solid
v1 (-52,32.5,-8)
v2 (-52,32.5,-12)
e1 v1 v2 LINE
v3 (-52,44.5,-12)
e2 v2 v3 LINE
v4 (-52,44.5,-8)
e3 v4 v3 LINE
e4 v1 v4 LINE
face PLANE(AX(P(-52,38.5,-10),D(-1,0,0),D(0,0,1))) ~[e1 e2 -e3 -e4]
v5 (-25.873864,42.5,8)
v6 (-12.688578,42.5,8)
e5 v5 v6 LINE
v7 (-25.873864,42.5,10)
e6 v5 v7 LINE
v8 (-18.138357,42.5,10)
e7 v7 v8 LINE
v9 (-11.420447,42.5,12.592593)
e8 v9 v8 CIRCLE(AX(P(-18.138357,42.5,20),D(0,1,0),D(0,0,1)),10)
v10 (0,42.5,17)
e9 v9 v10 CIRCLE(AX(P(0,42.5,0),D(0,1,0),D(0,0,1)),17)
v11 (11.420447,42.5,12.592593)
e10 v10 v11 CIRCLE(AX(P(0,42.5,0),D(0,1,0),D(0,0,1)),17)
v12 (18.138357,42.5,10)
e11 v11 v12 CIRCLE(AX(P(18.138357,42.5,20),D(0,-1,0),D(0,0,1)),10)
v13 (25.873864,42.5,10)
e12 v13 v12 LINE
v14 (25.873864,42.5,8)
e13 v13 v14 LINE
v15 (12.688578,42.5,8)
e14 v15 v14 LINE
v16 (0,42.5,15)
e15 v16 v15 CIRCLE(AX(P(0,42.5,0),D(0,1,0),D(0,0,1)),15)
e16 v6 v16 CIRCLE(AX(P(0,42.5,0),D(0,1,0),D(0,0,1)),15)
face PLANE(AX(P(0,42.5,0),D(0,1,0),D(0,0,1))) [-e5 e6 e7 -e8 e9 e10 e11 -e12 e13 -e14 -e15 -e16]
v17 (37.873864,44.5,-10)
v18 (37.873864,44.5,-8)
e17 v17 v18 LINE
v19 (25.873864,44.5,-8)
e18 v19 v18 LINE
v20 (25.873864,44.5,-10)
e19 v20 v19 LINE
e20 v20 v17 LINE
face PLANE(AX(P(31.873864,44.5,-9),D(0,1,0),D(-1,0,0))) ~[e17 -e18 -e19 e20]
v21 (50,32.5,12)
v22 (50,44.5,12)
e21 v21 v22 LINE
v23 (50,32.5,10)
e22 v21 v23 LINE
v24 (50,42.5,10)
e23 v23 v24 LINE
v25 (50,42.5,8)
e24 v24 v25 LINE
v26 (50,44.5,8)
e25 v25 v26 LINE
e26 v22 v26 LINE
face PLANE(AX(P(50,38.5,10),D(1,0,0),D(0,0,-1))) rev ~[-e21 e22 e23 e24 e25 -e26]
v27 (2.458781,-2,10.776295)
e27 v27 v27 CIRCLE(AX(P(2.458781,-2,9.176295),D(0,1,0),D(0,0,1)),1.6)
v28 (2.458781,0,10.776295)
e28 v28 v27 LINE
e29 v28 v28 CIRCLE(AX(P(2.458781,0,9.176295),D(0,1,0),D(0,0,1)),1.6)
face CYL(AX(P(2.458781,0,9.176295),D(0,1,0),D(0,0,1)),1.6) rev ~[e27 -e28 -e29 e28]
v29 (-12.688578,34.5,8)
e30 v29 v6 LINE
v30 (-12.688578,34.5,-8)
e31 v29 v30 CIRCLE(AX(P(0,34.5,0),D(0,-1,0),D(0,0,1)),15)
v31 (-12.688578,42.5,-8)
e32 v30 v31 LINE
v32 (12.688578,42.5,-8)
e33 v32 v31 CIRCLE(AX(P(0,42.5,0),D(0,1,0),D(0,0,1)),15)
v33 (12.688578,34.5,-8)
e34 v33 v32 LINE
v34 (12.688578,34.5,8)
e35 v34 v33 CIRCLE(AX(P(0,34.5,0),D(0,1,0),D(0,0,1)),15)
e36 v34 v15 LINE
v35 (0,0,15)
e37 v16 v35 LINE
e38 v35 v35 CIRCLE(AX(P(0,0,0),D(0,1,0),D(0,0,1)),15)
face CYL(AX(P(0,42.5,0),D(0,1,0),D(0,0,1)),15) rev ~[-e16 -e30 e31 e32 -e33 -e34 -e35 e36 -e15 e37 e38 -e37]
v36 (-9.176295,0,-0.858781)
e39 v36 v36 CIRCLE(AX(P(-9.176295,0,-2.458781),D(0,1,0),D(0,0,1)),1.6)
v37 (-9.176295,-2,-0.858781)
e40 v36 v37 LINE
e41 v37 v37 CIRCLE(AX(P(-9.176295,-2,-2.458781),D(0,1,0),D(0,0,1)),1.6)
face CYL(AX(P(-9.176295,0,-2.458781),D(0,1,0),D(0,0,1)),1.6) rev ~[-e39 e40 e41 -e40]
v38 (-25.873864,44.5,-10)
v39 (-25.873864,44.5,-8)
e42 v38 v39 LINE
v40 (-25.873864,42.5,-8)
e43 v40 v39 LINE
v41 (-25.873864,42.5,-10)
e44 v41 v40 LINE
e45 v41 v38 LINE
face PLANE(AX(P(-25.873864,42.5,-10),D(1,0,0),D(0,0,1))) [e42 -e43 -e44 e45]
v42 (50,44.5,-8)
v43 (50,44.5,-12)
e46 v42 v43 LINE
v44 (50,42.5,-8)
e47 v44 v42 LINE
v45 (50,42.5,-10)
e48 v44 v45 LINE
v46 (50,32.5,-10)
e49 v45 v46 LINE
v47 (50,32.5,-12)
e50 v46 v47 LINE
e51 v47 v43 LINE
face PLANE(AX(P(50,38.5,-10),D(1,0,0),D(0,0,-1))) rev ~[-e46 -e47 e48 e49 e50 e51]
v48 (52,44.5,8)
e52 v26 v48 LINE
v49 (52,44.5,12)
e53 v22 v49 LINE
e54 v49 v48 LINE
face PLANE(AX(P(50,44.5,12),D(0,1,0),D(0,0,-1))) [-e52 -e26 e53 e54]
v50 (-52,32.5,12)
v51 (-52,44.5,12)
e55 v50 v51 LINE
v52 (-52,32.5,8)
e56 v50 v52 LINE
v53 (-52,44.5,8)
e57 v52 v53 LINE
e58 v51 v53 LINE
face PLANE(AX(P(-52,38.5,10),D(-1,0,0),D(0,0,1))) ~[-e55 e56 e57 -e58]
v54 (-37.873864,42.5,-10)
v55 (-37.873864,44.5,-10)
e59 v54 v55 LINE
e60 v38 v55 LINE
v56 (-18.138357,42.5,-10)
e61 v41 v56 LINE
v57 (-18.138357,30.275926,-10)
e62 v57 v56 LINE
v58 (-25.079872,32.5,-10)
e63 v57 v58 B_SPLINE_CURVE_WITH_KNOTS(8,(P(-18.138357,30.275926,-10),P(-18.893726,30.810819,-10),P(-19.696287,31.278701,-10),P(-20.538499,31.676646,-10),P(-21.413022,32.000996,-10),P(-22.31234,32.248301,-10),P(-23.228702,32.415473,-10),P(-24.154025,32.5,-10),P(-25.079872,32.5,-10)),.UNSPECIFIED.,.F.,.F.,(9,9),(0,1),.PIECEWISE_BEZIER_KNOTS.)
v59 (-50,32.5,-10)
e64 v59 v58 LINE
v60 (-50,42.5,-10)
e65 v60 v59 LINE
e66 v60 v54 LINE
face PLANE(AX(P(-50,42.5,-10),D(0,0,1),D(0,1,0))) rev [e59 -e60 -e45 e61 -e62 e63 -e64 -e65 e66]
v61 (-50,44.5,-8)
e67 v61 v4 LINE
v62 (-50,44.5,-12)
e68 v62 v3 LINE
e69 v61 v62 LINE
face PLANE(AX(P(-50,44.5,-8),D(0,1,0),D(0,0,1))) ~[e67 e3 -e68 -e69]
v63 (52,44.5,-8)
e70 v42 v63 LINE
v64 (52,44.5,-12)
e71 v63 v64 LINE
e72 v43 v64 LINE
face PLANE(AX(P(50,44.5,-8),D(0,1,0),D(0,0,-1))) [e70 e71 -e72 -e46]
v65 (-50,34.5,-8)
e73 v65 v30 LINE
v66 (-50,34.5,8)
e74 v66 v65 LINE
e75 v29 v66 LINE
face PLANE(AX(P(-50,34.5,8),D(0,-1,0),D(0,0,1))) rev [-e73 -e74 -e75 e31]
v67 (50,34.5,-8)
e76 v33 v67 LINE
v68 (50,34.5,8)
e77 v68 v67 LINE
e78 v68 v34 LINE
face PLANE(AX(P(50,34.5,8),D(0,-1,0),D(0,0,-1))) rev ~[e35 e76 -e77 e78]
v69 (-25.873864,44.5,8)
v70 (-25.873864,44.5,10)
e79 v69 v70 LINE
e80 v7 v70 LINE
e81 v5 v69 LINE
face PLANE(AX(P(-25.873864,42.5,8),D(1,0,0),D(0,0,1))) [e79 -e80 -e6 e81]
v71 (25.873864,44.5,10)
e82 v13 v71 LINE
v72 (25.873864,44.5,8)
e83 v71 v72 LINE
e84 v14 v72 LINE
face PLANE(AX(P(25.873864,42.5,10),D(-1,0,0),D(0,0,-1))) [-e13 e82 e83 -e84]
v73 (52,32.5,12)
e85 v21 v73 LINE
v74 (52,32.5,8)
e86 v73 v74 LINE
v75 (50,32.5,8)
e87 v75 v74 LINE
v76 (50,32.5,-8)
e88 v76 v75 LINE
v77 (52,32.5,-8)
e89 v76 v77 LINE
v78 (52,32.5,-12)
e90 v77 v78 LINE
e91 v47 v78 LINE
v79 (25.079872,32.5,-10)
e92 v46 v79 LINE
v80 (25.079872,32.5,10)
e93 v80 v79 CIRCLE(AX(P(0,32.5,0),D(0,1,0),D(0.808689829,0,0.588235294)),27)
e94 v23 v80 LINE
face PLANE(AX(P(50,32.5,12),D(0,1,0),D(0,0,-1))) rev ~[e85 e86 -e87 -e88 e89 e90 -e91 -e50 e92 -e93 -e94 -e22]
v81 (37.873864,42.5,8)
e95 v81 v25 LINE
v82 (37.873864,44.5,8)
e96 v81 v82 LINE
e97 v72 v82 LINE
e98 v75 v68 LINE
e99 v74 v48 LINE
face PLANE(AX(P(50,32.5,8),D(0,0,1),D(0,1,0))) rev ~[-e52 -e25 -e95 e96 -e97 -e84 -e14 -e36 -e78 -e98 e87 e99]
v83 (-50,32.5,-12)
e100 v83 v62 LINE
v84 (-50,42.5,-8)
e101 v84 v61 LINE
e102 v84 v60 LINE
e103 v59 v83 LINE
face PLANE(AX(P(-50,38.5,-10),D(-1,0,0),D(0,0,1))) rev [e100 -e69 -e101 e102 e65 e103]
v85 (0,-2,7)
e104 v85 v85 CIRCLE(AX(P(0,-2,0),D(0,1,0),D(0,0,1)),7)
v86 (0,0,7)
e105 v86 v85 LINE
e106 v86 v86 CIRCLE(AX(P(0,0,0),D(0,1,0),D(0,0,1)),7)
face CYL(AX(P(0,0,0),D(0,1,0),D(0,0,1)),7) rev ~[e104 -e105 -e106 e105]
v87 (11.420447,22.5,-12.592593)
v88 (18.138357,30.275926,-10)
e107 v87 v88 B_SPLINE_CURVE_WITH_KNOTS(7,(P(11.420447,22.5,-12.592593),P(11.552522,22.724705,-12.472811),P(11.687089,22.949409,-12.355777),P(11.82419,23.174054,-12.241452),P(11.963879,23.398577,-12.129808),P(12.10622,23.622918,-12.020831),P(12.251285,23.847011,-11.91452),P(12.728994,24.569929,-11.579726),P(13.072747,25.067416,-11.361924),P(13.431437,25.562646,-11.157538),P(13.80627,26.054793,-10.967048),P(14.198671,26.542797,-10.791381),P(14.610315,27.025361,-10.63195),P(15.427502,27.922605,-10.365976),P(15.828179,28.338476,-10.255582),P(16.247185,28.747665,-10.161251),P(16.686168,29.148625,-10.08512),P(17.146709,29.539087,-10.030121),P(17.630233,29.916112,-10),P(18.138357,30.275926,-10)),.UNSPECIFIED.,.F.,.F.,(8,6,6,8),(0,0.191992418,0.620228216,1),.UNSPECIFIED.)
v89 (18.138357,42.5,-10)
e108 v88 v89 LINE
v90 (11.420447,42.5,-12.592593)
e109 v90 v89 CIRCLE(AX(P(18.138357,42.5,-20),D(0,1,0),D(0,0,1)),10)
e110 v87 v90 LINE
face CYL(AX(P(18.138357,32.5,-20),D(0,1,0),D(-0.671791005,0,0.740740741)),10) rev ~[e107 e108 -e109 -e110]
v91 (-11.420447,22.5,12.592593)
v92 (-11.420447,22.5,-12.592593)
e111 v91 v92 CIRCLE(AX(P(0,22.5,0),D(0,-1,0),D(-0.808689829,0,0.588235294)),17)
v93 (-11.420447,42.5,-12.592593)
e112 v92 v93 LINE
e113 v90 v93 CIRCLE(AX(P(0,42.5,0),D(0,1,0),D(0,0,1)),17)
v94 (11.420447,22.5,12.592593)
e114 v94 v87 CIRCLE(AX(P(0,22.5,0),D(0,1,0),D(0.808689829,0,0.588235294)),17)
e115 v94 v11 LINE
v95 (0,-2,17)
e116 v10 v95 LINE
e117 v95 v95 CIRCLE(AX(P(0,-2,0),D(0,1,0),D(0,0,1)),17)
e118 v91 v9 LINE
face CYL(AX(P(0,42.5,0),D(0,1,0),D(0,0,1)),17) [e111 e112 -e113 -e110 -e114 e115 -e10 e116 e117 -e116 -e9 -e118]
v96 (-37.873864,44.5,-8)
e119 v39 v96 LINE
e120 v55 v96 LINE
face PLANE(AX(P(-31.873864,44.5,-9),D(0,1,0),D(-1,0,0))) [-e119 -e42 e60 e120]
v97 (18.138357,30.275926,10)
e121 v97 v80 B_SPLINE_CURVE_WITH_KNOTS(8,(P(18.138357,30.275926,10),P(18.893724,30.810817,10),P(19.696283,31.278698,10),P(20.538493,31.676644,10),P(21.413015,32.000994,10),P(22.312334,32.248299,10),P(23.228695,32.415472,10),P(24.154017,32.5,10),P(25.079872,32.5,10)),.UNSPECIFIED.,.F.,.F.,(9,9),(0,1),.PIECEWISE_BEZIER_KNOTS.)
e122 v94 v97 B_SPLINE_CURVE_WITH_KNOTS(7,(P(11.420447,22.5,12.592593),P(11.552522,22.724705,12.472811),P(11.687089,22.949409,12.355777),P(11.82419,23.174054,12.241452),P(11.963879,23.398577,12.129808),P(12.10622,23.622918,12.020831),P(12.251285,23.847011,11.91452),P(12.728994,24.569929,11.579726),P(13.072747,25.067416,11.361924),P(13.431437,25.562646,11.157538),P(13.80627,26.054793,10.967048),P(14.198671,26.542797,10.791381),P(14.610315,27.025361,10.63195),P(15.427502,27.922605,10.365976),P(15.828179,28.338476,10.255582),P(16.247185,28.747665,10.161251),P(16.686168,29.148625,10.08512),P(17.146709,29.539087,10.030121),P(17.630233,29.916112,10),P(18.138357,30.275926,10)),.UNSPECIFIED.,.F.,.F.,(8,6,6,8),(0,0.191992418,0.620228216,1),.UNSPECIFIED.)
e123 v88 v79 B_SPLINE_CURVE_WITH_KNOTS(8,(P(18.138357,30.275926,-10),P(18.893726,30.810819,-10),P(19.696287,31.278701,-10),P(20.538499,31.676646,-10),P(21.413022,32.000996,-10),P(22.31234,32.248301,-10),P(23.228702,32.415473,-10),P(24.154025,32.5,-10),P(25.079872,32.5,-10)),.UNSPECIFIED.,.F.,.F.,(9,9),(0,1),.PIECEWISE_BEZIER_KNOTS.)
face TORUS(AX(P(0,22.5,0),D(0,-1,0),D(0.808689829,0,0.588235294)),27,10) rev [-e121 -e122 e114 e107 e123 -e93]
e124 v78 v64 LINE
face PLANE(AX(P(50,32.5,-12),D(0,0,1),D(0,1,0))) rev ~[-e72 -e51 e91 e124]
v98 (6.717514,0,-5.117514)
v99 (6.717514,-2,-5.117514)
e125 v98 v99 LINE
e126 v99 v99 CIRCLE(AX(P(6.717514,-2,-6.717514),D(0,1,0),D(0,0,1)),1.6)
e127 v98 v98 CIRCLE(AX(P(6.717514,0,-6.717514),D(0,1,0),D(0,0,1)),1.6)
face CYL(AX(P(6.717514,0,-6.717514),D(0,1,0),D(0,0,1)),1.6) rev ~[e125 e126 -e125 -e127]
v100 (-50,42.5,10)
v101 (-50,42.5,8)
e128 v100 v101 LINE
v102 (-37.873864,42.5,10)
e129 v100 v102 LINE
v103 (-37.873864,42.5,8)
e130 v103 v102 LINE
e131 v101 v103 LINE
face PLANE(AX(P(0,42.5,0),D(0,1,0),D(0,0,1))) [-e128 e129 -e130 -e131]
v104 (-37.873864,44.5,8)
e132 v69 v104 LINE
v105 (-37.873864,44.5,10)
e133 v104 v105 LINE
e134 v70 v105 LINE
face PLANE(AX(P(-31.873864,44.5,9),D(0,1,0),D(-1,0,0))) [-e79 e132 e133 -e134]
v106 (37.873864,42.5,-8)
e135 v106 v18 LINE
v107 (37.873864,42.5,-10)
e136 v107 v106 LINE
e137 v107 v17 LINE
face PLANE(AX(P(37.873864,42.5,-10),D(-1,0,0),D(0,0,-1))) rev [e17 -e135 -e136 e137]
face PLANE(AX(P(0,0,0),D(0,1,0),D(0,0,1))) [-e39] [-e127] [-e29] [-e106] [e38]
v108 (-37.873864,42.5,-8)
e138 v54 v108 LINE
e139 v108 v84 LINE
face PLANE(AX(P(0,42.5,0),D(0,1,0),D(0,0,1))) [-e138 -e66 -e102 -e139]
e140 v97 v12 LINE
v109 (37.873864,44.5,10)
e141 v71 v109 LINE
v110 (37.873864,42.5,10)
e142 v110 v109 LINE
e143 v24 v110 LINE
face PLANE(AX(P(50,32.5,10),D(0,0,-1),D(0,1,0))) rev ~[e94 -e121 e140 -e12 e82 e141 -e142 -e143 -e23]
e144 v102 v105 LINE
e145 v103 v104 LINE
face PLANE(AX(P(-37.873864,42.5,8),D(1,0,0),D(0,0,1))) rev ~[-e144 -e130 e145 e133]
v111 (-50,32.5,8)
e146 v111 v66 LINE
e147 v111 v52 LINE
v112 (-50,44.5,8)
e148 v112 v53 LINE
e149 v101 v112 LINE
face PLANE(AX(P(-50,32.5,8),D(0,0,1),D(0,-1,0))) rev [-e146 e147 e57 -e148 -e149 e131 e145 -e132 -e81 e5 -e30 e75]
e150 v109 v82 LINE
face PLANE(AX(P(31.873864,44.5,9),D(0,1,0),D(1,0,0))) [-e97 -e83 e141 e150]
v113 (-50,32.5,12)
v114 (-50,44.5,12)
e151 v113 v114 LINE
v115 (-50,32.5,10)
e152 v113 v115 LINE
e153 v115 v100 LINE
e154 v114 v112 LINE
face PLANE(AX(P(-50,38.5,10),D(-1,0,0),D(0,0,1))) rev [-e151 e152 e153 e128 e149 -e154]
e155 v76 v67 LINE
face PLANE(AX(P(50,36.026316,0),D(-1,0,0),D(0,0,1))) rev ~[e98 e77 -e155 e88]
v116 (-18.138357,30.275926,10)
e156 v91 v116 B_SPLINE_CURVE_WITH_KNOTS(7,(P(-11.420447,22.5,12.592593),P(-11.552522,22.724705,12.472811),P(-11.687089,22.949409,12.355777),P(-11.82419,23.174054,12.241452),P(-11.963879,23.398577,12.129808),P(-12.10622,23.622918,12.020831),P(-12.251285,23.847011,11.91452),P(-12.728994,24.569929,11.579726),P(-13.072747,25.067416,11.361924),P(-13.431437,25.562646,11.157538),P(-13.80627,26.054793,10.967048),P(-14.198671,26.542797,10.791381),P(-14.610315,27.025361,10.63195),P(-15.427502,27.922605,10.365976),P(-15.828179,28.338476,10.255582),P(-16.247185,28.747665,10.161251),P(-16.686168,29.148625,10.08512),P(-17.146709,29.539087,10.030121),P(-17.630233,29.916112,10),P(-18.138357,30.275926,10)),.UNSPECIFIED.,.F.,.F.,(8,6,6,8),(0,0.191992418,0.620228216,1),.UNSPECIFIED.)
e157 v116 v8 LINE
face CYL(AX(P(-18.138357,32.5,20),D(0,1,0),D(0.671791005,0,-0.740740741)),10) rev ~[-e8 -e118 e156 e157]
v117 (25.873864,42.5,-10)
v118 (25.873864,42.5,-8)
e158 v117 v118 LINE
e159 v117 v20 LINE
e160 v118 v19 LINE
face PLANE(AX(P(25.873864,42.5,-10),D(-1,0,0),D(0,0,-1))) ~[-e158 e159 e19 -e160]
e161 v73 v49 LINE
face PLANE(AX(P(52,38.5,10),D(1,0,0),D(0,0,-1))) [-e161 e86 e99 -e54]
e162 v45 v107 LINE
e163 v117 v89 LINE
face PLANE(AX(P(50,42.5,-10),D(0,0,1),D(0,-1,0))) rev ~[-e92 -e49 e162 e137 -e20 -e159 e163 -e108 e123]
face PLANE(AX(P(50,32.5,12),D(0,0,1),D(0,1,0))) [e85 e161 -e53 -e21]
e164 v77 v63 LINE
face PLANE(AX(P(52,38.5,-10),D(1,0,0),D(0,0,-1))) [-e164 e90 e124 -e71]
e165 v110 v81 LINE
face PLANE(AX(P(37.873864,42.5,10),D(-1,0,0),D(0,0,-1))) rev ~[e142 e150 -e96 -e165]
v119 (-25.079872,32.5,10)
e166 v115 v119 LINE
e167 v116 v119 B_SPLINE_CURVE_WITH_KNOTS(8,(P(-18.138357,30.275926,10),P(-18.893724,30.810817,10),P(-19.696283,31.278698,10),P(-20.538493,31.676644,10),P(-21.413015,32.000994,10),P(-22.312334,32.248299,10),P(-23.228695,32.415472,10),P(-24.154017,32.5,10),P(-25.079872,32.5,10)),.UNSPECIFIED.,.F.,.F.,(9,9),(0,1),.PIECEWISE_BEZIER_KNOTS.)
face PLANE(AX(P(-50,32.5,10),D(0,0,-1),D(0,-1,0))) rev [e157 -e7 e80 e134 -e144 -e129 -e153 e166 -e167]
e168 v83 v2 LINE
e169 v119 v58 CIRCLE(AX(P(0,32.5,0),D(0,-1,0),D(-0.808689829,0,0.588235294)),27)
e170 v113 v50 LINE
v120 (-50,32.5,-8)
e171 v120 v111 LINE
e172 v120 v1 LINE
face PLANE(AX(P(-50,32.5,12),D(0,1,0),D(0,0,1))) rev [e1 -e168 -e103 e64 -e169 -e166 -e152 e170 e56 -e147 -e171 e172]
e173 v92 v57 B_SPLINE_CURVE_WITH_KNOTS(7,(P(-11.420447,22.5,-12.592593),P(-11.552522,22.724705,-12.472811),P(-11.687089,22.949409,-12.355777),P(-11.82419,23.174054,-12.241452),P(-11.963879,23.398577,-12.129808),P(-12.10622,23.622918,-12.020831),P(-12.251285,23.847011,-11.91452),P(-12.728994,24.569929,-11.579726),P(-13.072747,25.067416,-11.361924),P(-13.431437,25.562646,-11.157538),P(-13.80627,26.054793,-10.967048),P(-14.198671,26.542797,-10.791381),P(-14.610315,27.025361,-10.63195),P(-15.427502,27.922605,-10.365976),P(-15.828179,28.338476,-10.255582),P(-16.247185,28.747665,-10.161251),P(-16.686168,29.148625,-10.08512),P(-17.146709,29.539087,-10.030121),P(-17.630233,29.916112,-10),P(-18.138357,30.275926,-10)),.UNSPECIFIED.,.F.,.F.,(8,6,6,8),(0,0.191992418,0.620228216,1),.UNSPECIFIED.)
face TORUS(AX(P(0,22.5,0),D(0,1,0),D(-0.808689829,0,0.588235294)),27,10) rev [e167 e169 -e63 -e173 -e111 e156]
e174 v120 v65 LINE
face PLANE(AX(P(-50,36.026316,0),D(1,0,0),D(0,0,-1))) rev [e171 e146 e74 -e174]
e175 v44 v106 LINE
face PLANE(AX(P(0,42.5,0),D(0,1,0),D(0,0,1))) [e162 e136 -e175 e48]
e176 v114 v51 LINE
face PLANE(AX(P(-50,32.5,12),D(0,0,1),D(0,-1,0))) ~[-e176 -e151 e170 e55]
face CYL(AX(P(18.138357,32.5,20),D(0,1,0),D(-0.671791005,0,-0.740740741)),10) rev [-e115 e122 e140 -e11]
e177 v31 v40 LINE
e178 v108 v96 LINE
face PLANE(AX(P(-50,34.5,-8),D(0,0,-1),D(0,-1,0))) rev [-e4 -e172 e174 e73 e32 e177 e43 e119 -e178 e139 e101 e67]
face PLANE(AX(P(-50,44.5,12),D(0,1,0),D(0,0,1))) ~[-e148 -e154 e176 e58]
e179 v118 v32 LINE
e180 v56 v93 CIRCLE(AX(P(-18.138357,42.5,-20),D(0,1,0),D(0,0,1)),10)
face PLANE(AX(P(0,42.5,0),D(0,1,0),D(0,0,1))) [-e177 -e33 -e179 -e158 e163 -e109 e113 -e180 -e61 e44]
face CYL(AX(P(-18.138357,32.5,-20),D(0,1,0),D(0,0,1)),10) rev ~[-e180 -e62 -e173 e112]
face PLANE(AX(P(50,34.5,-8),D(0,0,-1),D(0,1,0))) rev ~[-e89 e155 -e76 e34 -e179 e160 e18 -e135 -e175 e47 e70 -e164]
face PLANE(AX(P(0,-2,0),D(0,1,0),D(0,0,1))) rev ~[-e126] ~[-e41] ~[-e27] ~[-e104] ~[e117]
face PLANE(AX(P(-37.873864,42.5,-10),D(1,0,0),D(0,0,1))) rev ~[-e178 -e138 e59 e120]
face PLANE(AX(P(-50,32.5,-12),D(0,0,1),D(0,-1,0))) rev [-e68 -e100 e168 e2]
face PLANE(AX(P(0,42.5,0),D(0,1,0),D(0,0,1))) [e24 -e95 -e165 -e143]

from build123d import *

# Parameters (mm, degrees)
SKETCH_1_R               = 17
SKETCH_1_R_2             = 7
SKETCH_1_R_3             = 1.6
EXTRUDE_1_DEPTH          = 2
EXTRUDE_START            = 42.5
SKETCH_2_R               = 17
SKETCH_2_R_2             = 15
EXTRUDE_2_DEPTH          = 42.5
EXTRUDE_3_REACH          = 83.143
EXTRUDE_3_END_RADIUS     = 17
SKETCH_5_W               = 4
SKETCH_5_H               = 12
EXTRUDE_4_DEPTH          = 2
CUT_EXTRUDE_1_REACH      = 84.209
SKETCH_6_W               = 16
SKETCH_6_H               = 8
SKETCH_7_W               = 12
SKETCH_7_H               = 2
EXTRUDE_5_DEPTH          = 2
MIRROR_2_COPY_1_SKETCH_W = 12
MIRROR_2_COPY_1_SKETCH_H = 2
MIRROR_2_COPY_1_DEPTH    = 2
MIRROR_2_COPY_2_SKETCH_W = 12
MIRROR_2_COPY_2_SKETCH_H = 2
MIRROR_2_COPY_2_DEPTH    = 2
FILLET_1_R               = 10


with BuildPart() as part:
    # 草图1 → 凸台-拉伸1 (new body)
    with BuildSketch(Plane(origin=(0, 0, 0), x_dir=(1, 0, 0), z_dir=(0, 1, 0))):
        with Locations(Location((0, 0, 0), (0, 0, 270))):
            Circle(SKETCH_1_R)
        with Locations(Location((0, 0, 0), (0, 0, 270))):
            Circle(SKETCH_1_R_2, mode=Mode.SUBTRACT)
        with Locations(Location((6.717514421, 6.717514421, 0), (0, 0, 270))):
            Circle(SKETCH_1_R_3, mode=Mode.SUBTRACT)
        with Locations(Location((2.458780928, -9.17629535, 0), (0, 0, 270))):
            Circle(SKETCH_1_R_3, mode=Mode.SUBTRACT)
        with Locations(Location((-9.17629535, 2.458780928, 0), (0, 0, 270))):
            Circle(SKETCH_1_R_3, mode=Mode.SUBTRACT)
    extrude(amount=-EXTRUDE_1_DEPTH)

    # 草图2 → 凸台-拉伸2 (add)
    with BuildSketch(Plane(origin=(0, 0, 0), x_dir=(1, 0, 0), z_dir=(0, 1, 0)).offset(EXTRUDE_START)):
        with Locations(Location((0, 0, 0), (0, 0, 270))):
            Circle(SKETCH_2_R)
        with Locations(Location((0, 0, 0), (0, 0, 270))):
            Circle(SKETCH_2_R_2, mode=Mode.SUBTRACT)
    extrude(amount=-EXTRUDE_2_DEPTH)

    # 凸台-拉伸3: up to this cylinder (the profile starts outside it)
    extrude_3_end = Plane(origin=(0, 42.276393, 0), z_dir=(0, 1, 0)) * Cylinder(EXTRUDE_3_END_RADIUS, 201.286, mode=Mode.PRIVATE)
    # 草图4 → 凸台-拉伸3 (add, up to the surface)
    with BuildSketch(Plane(origin=(50, 0, 0), x_dir=(0, 0, -1), z_dir=(1, 0, 0)), mode=Mode.PRIVATE) as extrude_3_sk1:
        Polygon((-10, 42.5), (-8, 42.5), (-8, 34.5), (8, 34.5), (8, 42.5), (10, 42.5), (10, 32.5), (-10, 32.5), align=None)
    extrude_3_tool1 = extrude(extrude_3_sk1.sketch, amount=-EXTRUDE_3_REACH, mode=Mode.PRIVATE) - extrude_3_end
    extrude_3 = extrude_3_tool1.solids().sort_by_distance((50, 42.276393, 9))[0]
    add(extrude_3)

    # 草图5 → 凸台-拉伸4 (add)
    with BuildSketch(Plane(origin=(50, 0, 0), x_dir=(0, 0, -1), z_dir=(1, 0, 0))):
        with Locations((-10, 38.5)):
            Rectangle(SKETCH_5_W, SKETCH_5_H)
        with Locations((10, 38.5)):
            Rectangle(SKETCH_5_W, SKETCH_5_H)
    extrude_4 = extrude(amount=EXTRUDE_4_DEPTH)

    # 草图6 → 切除-拉伸1 (cut, up to next)
    with BuildSketch(Plane(origin=(50, 0, 0), x_dir=(0, 0, -1), z_dir=(1, 0, 0)), mode=Mode.PRIVATE) as cut_extrude_1_sk1:
        with Locations((0, 38.5)):
            Rectangle(SKETCH_6_W, SKETCH_6_H)
    cut_extrude_1_tool1 = extrude(cut_extrude_1_sk1.sketch, amount=-CUT_EXTRUDE_1_REACH, mode=Mode.PRIVATE) & part.part
    cut_extrude_1 = cut_extrude_1_tool1.solids().sort_by_distance((50, 38.5, 0))[0]
    add(cut_extrude_1, mode=Mode.SUBTRACT)

    # 草图7 → 凸台-拉伸5 (add)
    with BuildSketch(Plane(origin=(0, 42.5, 0), x_dir=(1, 0, 0), z_dir=(0, 1, 0))):
        with Locations((31.873863542, -9)):
            Rectangle(SKETCH_7_W, SKETCH_7_H)
    extrude_5 = extrude(amount=EXTRUDE_5_DEPTH)

    # 镜向1: 凸台-拉伸5 across plane
    add(extrude_5.mirror(Plane.XY))

    # 镜向2: 凸台-拉伸3, 凸台-拉伸4, 切除-拉伸1 across plane
    add(extrude_3.mirror(Plane(origin=(0, 0, 0), x_dir=(0, 0, 1), z_dir=(1, 0, 0))))
    add(extrude_4.mirror(Plane(origin=(0, 0, 0), x_dir=(0, 0, 1), z_dir=(1, 0, 0))))
    add(cut_extrude_1.mirror(Plane(origin=(0, 0, 0), x_dir=(0, 0, 1), z_dir=(1, 0, 0))), mode=Mode.SUBTRACT)

    # 镜向2 copy 1 sketch → 镜向2 copy 1 (add)
    with BuildSketch(Plane(origin=(0, 42.5, 0), x_dir=(-1, 0, 0), z_dir=(0, 1, 0))):
        with Locations((31.873863542, -9)):
            Rectangle(MIRROR_2_COPY_1_SKETCH_W, MIRROR_2_COPY_1_SKETCH_H)
    extrude(amount=MIRROR_2_COPY_1_DEPTH)

    # 镜向2 copy 2 sketch → 镜向2 copy 2 (add)
    with BuildSketch(Plane(origin=(0, 42.5, 0), x_dir=(-1, 0, 0), z_dir=(0, 1, 0))):
        with Locations((31.873863542, 9)):
            Rectangle(MIRROR_2_COPY_2_SKETCH_W, MIRROR_2_COPY_2_SKETCH_H)
    extrude(amount=MIRROR_2_COPY_2_DEPTH)

    # 圆角1
    fillet_1_edges = [part.edges().sort_by_distance(p)[0] for p in [
        (-13.747727085, 37.5, 10),
        (-13.747727085, 37.5, -10),
        (-17, 32.5, 0),
        (13.747727085, 37.5, 10),
        (13.747727085, 37.5, -10),
        (17, 32.5, 0),
    ]]
    fillet(fillet_1_edges, radius=FILLET_1_R)


solid = part.part
